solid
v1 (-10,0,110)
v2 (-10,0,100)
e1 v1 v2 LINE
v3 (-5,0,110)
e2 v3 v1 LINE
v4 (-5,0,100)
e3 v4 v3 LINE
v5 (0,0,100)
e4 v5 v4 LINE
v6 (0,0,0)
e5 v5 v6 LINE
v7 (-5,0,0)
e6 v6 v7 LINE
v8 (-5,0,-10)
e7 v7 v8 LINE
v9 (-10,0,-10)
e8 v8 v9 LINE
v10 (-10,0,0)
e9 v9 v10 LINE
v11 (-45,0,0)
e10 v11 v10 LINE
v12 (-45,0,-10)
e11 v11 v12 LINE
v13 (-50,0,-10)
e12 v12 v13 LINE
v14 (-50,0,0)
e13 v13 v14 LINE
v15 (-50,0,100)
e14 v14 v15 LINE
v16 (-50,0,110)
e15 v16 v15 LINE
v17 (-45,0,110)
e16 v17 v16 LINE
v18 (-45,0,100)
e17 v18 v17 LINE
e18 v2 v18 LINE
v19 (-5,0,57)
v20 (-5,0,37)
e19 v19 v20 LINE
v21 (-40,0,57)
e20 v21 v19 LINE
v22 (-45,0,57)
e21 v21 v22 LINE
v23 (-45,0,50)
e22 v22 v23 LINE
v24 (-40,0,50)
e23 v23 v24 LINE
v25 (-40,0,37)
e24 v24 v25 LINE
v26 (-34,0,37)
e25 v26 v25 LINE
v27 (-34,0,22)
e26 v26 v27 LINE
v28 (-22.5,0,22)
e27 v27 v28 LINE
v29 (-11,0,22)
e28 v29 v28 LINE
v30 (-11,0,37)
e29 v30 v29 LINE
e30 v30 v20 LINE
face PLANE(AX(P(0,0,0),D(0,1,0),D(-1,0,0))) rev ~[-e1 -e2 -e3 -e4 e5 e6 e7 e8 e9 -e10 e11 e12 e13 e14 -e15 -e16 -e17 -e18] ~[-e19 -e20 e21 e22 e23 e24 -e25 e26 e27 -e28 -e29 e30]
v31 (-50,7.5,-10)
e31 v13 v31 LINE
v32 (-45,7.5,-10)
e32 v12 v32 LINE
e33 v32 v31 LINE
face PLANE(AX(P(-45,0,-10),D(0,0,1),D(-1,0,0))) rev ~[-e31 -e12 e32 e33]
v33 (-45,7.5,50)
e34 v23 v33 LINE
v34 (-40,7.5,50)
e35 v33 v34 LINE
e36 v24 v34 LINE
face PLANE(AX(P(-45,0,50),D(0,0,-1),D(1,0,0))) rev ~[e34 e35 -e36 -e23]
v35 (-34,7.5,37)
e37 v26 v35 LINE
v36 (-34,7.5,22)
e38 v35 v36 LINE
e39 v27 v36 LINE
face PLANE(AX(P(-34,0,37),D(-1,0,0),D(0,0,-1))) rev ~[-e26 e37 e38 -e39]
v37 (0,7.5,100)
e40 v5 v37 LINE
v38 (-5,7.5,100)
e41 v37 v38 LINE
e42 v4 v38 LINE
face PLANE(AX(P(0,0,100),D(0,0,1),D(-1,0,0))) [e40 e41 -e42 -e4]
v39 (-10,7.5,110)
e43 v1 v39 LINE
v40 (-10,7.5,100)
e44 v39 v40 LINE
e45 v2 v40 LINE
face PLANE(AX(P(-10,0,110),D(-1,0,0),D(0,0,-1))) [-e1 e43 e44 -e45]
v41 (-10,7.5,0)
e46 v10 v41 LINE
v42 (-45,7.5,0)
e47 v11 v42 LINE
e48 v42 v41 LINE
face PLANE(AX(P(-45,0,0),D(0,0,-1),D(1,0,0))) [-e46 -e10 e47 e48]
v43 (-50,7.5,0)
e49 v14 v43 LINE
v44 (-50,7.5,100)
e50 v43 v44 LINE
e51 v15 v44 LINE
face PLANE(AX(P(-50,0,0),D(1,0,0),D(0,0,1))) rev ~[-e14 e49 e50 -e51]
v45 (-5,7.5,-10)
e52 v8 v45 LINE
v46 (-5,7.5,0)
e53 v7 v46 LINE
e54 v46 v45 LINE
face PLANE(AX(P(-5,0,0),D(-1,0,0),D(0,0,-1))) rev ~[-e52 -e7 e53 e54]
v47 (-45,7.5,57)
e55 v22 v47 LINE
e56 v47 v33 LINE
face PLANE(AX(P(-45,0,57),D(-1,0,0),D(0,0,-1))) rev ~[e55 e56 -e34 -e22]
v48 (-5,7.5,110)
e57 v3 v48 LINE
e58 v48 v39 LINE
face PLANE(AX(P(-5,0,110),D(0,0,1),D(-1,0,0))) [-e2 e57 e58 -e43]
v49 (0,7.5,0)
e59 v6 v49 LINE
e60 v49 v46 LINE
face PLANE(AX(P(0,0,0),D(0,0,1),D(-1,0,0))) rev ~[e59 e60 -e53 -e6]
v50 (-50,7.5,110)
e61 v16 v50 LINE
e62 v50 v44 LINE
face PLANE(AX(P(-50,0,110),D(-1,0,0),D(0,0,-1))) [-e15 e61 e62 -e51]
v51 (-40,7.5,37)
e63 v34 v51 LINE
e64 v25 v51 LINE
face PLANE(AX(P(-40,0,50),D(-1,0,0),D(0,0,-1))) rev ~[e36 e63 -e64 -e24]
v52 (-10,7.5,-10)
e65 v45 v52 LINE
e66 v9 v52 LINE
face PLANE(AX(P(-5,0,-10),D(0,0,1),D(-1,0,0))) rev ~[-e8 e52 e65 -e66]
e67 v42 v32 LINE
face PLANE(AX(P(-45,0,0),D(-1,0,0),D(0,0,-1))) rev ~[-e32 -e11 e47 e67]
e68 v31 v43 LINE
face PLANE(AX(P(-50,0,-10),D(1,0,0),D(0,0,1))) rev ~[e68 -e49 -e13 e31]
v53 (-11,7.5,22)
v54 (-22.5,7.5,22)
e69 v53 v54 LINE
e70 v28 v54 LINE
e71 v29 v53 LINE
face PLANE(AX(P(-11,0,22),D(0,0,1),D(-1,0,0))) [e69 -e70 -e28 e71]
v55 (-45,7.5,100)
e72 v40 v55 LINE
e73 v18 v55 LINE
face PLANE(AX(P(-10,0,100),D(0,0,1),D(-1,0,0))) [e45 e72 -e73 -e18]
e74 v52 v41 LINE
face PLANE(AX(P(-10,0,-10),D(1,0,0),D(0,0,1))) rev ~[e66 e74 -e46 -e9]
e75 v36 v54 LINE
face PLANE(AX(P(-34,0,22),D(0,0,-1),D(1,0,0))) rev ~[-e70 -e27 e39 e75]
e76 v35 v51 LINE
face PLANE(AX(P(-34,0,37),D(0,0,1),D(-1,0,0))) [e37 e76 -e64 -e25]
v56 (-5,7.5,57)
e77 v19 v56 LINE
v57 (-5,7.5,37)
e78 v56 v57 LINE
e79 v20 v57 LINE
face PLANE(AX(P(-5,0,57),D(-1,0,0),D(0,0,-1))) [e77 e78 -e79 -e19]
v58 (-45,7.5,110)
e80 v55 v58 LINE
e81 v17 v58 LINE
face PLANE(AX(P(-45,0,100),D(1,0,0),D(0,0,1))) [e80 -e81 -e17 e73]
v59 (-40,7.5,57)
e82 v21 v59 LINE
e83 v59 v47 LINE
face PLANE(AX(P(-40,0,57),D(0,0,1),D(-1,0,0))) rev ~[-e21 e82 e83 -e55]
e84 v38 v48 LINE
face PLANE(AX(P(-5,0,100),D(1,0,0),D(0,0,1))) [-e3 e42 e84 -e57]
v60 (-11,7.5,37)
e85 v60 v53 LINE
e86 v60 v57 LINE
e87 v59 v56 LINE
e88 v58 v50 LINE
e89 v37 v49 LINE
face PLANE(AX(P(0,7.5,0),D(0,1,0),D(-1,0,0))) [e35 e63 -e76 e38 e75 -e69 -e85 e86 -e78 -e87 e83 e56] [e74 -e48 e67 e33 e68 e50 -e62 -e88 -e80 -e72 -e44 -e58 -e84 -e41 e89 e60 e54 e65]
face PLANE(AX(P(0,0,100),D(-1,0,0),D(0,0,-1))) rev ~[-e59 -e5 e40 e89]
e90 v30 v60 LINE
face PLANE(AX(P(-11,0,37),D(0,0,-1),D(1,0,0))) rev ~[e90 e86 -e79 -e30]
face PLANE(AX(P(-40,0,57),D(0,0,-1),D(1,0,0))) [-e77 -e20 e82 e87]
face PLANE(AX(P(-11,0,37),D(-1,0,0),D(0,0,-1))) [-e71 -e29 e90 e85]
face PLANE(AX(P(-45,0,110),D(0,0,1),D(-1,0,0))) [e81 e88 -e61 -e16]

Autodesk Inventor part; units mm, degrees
ref_plane "YZ Plane" through (0, 0, 0) normal (1, 0, 0) x (0, 1, 0)
ref_plane "XZ Plane" through (0, 0, 0) normal (0, 1, 0) x (-1, 0, 0)
ref_plane "XY Plane" through (0, 0, 0) normal (0, 0, 1) x (1, 0, 0)
sketch "Sketch1" plane through (0, 0, 0) normal (0, 1, 0) x (-1, 0, 0)
  line L0 (50, 0) -> (50, 100)
  line L1 (0, 100) -> (0, 0)
  line L2 (34, 37) -> (34, 22)
  line L3 (34, 22) -> (22.5, 22)
  line L4 (11, 37) -> (11, 22)
  line L5 (11, 22) -> (22.5, 22)
  line L6 (34, 37) -> (40, 37)
  line L7 (11, 37) -> (5, 37)
  line L8 (40, 57) -> (5, 57)
  line L9 (5, 57) -> (5, 37)
  line L10 (40, 57) -> (45, 57)
  line L11 (45, 57) -> (45, 50)
  line L12 (45, 50) -> (40, 50)
  line L13 (45, 100) -> (45, 110)
  line L14 (45, 110) -> (50, 110)
  line L15 (50, 110) -> (50, 100)
  line L16 (5, 100) -> (5, 110)
  line L17 (45, 0) -> (45, -10)
  line L18 (45, -10) -> (50, -10)
  line L19 (50, -10) -> (50, 0)
  line L20 (5, 0) -> (5, -10)
  line L21 (40, 50) -> (40, 37)
  line L22 (5, 110) -> (10, 110)
  line L23 (10, 110) -> (10, 100)
  line L24 (5, 100) -> (5, 110)
  line L25 (5, -10) -> (10, -10)
  line L26 (10, -10) -> (10, 0)
  line L27 (5, 0) -> (5, -10)
  line L28 (0, 100) -> (5, 100)
  line L29 (10, 100) -> (45, 100)
  line L30 (0, 0) -> (5, 0)
  line L31 (45, 0) -> (10, 0)
  dimension "d1" = 100
  dimension "d10" = 5
  dimension "d11" = 5
  dimension "d12" = 5
  dimension "d13" = 10
  dimension "d16" = 5
  dimension "d17" = 10
  dimension "d22" = 5
  dimension "d23" = 10
extrude "Extrusion1" add sketch "Sketch1" along normal blind 7.5
properties part number "2P.01.01.02.JW.AilSerCage" material "Wood (Maple)"
